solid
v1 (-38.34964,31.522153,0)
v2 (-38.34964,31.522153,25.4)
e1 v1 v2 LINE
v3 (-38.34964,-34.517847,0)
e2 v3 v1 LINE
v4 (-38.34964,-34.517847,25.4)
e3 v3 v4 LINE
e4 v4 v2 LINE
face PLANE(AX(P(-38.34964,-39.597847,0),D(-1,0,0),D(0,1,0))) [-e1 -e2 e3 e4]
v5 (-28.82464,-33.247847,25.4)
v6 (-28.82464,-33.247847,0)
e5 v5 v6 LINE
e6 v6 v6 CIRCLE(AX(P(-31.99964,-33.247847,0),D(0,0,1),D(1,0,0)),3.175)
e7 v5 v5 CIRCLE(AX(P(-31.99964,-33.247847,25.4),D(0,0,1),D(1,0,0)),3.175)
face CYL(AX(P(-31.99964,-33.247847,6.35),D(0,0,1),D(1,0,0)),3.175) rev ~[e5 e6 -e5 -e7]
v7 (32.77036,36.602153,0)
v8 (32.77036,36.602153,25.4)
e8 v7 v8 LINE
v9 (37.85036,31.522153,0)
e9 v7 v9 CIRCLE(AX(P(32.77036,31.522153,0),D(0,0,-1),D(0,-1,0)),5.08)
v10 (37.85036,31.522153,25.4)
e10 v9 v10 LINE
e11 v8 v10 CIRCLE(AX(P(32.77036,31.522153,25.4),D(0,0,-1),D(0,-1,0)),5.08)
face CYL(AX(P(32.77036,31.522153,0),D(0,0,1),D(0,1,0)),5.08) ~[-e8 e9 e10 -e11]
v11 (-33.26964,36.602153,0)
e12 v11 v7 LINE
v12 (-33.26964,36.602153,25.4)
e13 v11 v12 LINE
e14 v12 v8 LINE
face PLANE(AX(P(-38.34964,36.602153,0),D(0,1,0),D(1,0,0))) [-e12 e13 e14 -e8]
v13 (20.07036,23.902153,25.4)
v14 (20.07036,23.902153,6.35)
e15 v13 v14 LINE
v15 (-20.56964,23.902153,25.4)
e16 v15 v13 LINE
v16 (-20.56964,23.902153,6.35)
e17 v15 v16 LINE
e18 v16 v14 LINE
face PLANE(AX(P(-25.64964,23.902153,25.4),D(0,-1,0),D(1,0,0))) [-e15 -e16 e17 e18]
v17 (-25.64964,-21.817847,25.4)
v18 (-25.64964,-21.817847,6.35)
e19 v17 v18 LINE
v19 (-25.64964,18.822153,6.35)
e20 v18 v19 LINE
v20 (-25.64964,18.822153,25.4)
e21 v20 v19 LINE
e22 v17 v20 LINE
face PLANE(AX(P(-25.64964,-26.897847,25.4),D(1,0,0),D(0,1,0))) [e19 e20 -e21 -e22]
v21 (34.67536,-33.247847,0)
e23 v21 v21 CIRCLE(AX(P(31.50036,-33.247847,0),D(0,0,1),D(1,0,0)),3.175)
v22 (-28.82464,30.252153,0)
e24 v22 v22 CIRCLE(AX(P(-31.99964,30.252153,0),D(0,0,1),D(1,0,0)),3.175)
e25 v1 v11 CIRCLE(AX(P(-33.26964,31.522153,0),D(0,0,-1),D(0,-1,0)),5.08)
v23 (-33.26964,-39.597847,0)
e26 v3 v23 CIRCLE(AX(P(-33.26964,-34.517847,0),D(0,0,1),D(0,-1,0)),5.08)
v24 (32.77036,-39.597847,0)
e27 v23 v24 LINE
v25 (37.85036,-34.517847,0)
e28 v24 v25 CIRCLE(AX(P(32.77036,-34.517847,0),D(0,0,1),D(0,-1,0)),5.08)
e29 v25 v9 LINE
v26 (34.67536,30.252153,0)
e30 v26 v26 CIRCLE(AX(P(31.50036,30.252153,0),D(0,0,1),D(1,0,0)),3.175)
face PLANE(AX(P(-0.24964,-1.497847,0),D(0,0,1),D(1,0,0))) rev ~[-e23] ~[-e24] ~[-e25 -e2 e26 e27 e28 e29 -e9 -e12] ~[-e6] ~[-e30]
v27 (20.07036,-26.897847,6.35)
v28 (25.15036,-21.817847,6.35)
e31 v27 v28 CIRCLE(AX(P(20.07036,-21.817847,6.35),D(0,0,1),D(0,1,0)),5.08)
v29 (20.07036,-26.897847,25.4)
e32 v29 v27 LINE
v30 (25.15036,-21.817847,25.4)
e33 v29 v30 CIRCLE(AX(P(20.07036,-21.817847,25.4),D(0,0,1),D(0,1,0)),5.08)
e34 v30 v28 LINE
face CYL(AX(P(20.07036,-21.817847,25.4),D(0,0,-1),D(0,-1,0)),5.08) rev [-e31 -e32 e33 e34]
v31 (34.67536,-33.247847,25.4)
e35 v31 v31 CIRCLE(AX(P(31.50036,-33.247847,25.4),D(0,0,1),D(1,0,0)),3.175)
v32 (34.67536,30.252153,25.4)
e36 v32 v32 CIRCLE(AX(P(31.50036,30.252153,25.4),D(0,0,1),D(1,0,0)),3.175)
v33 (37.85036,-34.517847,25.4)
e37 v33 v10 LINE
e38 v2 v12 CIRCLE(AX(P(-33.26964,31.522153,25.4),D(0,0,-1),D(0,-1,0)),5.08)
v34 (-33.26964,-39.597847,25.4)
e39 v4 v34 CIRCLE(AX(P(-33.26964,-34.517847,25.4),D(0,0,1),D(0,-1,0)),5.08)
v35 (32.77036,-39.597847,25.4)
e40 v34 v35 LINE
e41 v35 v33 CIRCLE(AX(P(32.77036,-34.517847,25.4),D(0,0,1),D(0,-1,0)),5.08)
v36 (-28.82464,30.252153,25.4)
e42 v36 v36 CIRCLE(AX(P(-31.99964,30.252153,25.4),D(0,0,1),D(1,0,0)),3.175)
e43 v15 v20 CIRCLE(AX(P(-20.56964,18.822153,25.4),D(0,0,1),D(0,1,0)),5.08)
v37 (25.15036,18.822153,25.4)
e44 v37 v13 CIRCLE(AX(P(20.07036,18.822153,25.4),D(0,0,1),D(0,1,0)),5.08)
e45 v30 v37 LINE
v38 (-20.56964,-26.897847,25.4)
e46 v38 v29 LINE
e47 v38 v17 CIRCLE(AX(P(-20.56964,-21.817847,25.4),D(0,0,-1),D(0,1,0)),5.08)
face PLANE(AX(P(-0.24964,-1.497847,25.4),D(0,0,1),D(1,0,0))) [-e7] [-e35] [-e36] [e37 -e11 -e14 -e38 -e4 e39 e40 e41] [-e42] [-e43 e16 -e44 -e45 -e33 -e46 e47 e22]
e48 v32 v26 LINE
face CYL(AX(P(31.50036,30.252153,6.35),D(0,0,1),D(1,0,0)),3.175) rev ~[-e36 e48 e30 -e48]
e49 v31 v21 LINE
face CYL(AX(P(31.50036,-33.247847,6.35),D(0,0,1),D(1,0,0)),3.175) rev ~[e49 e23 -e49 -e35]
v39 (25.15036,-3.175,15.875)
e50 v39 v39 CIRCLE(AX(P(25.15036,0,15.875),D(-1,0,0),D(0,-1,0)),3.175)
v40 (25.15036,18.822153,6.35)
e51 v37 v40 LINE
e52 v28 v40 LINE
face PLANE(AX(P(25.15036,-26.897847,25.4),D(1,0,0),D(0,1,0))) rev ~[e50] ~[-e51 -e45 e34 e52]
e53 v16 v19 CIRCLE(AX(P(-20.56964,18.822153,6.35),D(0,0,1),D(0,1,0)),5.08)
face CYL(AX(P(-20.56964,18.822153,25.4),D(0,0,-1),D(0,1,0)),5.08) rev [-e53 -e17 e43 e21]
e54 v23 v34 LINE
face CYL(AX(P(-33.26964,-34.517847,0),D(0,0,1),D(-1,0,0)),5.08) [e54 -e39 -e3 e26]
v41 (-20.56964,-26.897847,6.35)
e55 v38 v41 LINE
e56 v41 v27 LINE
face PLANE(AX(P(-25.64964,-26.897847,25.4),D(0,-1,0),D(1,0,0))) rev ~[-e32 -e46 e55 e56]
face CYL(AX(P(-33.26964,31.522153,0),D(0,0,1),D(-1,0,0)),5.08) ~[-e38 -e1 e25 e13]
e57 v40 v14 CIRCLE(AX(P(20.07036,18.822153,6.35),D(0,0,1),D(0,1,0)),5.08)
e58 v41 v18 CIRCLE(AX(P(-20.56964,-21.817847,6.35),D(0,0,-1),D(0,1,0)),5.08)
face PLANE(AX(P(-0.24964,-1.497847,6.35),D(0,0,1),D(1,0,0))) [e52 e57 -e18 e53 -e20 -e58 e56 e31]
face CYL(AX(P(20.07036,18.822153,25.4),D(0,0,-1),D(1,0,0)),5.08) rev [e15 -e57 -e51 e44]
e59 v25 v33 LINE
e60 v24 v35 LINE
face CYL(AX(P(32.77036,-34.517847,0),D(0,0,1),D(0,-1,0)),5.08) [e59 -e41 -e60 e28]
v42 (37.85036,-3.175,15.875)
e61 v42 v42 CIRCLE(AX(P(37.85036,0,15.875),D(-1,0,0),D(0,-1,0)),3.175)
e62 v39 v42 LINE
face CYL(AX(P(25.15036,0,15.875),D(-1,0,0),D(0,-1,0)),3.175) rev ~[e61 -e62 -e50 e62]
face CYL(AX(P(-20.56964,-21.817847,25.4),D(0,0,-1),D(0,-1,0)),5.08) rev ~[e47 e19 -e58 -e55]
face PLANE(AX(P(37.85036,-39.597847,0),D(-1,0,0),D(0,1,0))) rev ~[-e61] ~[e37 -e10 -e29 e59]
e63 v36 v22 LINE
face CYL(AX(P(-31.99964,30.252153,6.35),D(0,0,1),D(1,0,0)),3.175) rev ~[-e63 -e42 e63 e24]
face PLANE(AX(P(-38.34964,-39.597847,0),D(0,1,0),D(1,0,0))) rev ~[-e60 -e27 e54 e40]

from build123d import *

# Parameters (mm, degrees)
F0_W     = 76.2
F0_H     = 76.2
F1_DEPTH = 25.4
F2_W     = 50.8
F2_H     = 50.8
F2_R     = 3.175
F3_DEPTH = 19.05
F4_R     = 5.08
F5_R     = 3.175
F6_DEPTH = 12.7
F7_DEPTH = 6.35


with BuildPart() as f1:
    # F0 (on Top) → F1 (new body)
    with BuildSketch(Plane.XY):
        with Locations((-0.2496400848, -1.4978470281)):
            Rectangle(F0_W, F0_H)
    extrude(amount=F1_DEPTH)

    # F2 (on face) → F3 (cut)
    with BuildSketch(Plane.XY.offset(25.4)):
        with Locations((-0.2496400848, -1.4978470281)):
            Rectangle(F2_W, F2_H)
        with Locations((-31.9996400848, -33.2478470281)):
            Circle(F2_R)
        with Locations((31.5003599152, -33.2478470281)):
            Circle(F2_R)
        with Locations((31.5003599152, 30.2521529719)):
            Circle(F2_R)
        with Locations((-31.9996400848, 30.2521529719)):
            Circle(F2_R)
    extrude(amount=-F3_DEPTH, mode=Mode.SUBTRACT)

    # F4
    f4_edges = [f1.edges().sort_by_distance(p)[0] for p in [
        (-38.34964, 36.602153, 12.7),
        (37.85036, 36.602153, 12.7),
        (37.85036, -39.597847, 12.7),
        (-38.34964, -39.597847, 12.7),
        (25.15036, 23.902153, 15.875),
        (25.15036, -26.897847, 15.875),
        (-25.64964, -26.897847, 15.875),
        (-25.64964, 23.902153, 15.875),
    ]]
    fillet(f4_edges, radius=F4_R)

    # F5 (on face) → F6 (cut, through all)
    with BuildSketch(Plane(origin=(25.1503599152, 0, 0), x_dir=(0, -1, 0), z_dir=(-1, 0, 0))):
        with Locations((0, 15.875)):
            Circle(F5_R)
    extrude(amount=-F6_DEPTH, mode=Mode.SUBTRACT)

    # F7 (cut, through all): faces of the model
    f7_faces = [f1.faces().sort_by_distance(p)[0] for p in [
        (31.5003599152, 30.2521529719, 6.35),
        (31.5003599152, -33.2478470281, 6.35),
        (-31.9996400848, 30.2521529719, 6.35),
        (-31.9996400848, -33.2478470281, 6.35),
    ]]
    extrude(f7_faces, amount=-F7_DEPTH, mode=Mode.SUBTRACT)


solid = f1.part
